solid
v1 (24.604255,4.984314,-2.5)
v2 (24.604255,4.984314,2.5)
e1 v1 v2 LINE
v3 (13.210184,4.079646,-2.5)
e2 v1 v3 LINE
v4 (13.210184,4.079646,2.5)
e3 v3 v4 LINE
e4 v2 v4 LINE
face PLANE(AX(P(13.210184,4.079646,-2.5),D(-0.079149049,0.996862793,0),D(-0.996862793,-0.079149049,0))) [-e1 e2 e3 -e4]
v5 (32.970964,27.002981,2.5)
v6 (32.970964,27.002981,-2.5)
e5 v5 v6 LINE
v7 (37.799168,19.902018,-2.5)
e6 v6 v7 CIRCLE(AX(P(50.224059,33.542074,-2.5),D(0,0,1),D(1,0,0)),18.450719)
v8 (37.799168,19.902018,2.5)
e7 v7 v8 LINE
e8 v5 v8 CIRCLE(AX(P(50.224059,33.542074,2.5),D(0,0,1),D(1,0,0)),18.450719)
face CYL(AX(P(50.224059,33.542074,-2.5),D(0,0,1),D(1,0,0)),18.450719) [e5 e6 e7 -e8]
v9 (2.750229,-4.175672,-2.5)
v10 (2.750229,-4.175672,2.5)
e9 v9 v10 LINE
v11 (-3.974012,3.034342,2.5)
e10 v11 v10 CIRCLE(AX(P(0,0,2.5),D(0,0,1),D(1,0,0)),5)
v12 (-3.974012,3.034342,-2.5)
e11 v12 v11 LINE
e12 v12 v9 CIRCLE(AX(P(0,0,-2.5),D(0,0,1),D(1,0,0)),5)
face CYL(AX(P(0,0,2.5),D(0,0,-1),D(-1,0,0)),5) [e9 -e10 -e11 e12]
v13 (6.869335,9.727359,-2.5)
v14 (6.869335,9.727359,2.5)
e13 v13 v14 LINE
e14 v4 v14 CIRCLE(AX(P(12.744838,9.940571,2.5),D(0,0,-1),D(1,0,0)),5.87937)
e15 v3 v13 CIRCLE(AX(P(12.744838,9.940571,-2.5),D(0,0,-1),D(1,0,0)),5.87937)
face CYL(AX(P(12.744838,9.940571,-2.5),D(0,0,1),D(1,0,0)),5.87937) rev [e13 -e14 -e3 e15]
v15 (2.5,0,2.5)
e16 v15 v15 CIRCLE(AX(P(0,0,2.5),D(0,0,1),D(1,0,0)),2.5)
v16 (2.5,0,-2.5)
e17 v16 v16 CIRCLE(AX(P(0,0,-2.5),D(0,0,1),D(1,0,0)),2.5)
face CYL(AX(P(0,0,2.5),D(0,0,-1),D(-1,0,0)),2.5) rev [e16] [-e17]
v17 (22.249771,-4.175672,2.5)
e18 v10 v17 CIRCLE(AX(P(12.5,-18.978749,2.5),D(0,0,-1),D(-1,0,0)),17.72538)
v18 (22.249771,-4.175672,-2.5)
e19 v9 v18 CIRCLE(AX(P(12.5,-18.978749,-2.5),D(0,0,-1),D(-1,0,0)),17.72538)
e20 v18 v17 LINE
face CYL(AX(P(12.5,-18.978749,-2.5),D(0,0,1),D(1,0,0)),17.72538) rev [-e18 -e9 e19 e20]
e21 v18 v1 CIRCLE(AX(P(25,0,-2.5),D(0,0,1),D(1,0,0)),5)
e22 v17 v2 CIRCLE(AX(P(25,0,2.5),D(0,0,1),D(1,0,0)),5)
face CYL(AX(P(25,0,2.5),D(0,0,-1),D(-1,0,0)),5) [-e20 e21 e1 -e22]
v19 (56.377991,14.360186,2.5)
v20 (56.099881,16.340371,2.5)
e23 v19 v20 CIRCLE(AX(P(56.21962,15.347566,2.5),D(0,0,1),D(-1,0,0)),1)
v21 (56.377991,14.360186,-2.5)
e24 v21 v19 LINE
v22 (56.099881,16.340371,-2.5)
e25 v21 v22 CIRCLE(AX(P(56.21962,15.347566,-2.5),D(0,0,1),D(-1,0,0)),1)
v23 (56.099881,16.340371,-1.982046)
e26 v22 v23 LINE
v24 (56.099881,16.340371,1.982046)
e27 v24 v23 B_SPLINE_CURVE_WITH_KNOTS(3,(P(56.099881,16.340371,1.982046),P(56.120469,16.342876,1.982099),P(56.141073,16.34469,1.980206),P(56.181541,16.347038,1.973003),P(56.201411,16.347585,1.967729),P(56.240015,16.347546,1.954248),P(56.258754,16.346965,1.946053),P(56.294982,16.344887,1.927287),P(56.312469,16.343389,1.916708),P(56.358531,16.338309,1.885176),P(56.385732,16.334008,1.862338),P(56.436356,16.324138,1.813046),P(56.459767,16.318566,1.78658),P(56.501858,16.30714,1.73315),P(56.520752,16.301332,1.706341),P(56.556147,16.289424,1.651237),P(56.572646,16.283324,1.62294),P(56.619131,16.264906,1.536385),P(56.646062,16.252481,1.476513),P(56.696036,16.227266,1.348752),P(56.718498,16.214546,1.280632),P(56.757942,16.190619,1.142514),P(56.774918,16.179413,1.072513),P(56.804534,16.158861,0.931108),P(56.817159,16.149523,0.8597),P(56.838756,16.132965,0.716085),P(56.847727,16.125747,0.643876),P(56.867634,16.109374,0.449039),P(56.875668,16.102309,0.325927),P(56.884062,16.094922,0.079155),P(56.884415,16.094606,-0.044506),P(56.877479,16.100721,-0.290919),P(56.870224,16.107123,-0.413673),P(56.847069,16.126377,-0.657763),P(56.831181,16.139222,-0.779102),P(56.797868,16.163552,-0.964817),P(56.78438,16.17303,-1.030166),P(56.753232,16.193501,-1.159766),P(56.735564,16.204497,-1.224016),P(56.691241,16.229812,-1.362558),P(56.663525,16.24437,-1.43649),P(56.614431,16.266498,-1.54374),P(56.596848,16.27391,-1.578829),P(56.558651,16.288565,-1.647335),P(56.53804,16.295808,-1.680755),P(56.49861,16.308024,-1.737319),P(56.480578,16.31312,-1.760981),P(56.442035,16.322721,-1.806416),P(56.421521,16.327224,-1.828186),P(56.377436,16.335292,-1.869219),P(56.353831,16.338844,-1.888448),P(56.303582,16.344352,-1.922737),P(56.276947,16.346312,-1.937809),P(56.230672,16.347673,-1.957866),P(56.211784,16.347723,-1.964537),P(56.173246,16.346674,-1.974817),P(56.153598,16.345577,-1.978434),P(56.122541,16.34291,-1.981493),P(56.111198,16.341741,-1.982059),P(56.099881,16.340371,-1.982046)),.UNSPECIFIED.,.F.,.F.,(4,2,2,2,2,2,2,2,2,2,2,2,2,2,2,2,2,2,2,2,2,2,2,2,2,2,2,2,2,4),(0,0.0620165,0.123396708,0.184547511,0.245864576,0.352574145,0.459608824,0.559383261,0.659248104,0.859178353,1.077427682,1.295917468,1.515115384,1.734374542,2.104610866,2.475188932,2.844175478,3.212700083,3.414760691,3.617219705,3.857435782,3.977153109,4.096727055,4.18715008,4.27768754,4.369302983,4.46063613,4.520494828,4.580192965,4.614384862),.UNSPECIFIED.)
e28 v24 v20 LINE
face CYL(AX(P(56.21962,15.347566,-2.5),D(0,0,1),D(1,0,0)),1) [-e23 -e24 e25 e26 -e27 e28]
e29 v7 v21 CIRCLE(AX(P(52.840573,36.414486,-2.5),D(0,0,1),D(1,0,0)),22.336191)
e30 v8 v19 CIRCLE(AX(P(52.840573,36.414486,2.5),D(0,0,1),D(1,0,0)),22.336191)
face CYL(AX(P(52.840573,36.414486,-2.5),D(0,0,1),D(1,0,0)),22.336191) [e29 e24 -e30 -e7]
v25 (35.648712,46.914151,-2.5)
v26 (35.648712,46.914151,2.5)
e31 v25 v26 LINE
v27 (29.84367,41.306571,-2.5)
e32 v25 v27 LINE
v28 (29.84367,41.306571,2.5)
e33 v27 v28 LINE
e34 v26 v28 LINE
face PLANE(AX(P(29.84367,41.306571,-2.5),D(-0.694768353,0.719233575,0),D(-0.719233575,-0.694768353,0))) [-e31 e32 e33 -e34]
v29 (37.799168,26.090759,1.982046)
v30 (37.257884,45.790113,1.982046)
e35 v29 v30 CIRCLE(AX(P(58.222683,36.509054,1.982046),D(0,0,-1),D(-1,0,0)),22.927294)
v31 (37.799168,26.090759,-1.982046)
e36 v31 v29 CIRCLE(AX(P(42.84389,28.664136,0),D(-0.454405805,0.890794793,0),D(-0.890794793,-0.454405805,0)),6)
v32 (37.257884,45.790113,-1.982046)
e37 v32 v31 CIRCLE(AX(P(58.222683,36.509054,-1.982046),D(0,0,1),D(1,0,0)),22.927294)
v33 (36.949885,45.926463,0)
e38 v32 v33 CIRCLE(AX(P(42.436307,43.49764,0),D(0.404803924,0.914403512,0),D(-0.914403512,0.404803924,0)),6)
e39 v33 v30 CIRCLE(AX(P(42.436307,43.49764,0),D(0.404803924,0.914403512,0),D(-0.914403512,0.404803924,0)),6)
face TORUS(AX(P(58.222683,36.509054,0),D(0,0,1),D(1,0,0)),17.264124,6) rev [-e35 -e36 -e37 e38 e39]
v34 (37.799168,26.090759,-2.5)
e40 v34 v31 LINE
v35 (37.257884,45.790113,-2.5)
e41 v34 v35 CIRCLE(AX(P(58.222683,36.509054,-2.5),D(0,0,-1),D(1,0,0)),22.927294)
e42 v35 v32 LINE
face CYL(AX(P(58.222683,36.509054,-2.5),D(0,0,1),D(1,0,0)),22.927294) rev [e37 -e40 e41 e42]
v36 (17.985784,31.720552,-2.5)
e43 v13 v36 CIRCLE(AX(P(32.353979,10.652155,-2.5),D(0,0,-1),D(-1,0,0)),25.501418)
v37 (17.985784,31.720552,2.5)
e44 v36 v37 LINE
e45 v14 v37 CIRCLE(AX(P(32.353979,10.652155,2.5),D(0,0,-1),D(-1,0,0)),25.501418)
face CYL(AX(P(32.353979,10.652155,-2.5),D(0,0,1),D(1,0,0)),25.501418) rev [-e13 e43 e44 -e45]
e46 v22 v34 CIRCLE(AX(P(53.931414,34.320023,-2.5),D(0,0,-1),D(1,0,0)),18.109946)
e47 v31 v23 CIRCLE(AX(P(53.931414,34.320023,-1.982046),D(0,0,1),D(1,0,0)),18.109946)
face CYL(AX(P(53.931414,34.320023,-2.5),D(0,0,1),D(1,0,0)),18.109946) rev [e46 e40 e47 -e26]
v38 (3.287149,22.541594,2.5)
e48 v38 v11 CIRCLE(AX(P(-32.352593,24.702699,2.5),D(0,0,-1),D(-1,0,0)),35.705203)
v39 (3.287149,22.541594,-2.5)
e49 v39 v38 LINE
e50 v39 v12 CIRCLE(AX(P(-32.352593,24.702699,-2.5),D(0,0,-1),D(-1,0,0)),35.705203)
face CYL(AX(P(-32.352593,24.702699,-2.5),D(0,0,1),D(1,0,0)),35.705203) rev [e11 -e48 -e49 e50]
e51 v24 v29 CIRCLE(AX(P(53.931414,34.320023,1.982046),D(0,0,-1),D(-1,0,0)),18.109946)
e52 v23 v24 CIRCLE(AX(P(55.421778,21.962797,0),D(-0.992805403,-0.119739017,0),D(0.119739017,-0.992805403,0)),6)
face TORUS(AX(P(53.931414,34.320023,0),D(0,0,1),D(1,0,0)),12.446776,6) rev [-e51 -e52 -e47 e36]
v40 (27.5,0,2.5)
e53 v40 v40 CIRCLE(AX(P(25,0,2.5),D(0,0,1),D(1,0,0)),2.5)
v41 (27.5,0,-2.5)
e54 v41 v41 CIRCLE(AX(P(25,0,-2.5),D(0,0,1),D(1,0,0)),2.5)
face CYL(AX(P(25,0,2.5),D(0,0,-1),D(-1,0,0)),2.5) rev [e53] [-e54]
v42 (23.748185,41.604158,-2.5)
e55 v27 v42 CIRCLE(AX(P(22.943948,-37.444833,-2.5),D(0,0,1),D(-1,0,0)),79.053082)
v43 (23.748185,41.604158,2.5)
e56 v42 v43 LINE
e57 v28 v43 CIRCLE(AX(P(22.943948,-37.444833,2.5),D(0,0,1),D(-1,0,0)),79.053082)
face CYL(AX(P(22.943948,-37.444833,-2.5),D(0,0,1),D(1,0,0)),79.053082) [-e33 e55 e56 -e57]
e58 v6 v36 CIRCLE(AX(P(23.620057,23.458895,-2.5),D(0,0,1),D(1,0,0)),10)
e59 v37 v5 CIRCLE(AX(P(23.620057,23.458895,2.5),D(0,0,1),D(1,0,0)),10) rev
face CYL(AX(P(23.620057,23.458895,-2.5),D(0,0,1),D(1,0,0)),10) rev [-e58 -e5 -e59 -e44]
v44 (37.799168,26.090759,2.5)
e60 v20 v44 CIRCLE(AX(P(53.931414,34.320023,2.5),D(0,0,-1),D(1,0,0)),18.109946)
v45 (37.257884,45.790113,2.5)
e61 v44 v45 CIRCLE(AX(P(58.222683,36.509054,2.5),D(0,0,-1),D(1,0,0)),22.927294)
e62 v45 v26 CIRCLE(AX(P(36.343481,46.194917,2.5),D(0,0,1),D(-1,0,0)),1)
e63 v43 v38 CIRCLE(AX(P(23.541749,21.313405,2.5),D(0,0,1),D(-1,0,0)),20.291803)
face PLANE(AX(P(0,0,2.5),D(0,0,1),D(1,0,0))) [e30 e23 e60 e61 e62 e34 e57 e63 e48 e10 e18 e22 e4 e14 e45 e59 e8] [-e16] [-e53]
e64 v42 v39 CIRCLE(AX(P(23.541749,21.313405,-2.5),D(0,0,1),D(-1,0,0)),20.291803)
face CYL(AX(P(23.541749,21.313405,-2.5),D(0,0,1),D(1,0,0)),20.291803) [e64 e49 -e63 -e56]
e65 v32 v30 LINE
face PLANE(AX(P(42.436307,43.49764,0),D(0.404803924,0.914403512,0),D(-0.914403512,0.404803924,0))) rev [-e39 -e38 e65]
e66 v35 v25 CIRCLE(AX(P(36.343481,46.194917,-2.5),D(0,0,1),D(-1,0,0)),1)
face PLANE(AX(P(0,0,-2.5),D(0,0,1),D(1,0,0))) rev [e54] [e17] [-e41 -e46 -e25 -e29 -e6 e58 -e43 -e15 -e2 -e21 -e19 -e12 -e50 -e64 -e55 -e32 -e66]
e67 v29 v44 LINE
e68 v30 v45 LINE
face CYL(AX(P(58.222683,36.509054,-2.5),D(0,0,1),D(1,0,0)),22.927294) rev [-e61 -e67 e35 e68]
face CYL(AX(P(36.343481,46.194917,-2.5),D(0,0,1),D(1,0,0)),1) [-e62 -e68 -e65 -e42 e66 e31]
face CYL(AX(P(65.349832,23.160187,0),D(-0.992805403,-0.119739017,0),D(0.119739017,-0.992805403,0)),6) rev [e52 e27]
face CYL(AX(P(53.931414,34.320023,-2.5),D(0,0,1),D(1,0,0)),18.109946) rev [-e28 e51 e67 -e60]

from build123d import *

# Parameters (mm, degrees)
SKETCH_1_R          = 2.5
EXTRUDE_1_DEPTH     = 2.5
SKETCH_2_OUTSIDE_W  = 86.761
SKETCH_2_OUTSIDE_H  = 89.395
CUT_EXTRUDE_1_DEPTH = 5
EXTRUDE_3_DEPTH     = 5
SKETCH_9_R          = 6
FILLET_1_R          = 10
CUT_EXTRUDE_2_DEPTH = 10


with BuildPart() as part:
    # 草圖1 → 填料-伸長1 (new body, symmetric)
    with BuildSketch(Plane.XY):
        with BuildLine():
            Line((0, -5), (25, -5))
            ThreePointArc((25, -5), (29.31444757, -2.526963033), (29.360979806, 2.445783133))
            Line((29.360979806, 2.445783133), (15.064071346, 27.938038866))
            Line((15.064071346, 27.938038866), (44.994741867, 27.938038866))
            Line((44.994741867, 27.938038866), (44.994741867, 63.392785695))
            Line((44.994741867, 63.392785695), (-20.763646925, 63.392785695))
            Line((-20.763646925, 63.392785695), (-20.763646925, 27.938038866))
            Line((-20.763646925, 27.938038866), (-1.414273127, 27.938038866))
            Line((-1.414273127, 27.938038866), (-4.9583743, 0.643835616))
            ThreePointArc((-4.9583743, 0.643835616), (-3.756273292, -3.300062266), (0, -5))
        make_face()
        with Locations((25, 0)):
            Circle(SKETCH_1_R, mode=Mode.SUBTRACT)
        Circle(SKETCH_1_R, mode=Mode.SUBTRACT)
    extrude(amount=EXTRUDE_1_DEPTH, both=True)

    # 草圖2 outside → 除料-伸長1 (cut)
    with BuildSketch(Plane.XY.offset(2.5)):
        with Locations((12.1155, 29.1965)):
            Rectangle(SKETCH_2_OUTSIDE_W, SKETCH_2_OUTSIDE_H)
        with BuildLine():
            Line((31.958651871, 36.150509371), (34.562055634, 40.749856019))
            ThreePointArc((34.562055634, 40.749856019), (29.16979084, 41.362709118), (23.748184909, 41.60415823))
            ThreePointArc((23.748184909, 41.60415823), (9.709628086, 36.160280684), (3.287148618, 22.5415936))
            ThreePointArc((3.287148618, 22.5415936), (1.109618969, 12.24710035), (-3.974011943, 3.034341622))
            ThreePointArc((-3.974011943, 3.034341622), (-3.656567639, -3.410207194), (2.750229007, -4.17567245))
            ThreePointArc((2.750229007, -4.17567245), (12.5, -1.253368592), (22.249770993, -4.17567245))
            ThreePointArc((22.249770993, -4.17567245), (29.842584669, -1.244738415), (24.604254755, 4.984313965))
            Line((24.604254755, 4.984313965), (13.210184283, 4.079645991))
            ThreePointArc((13.210184283, 4.079645991), (8.834388462, 5.55019775), (6.86933477, 9.727358931))
            ThreePointArc((6.86933477, 9.727358931), (13.861035744, 28.211579962), (31.958651871, 36.150509371))
        make_face(mode=Mode.SUBTRACT)
    extrude(amount=-CUT_EXTRUDE_1_DEPTH, mode=Mode.SUBTRACT)

    # 草圖6 → 填料-伸長3 (add)
    with BuildSketch(Plane.XY.offset(2.5)):
        with BuildLine():
            Line((29.843670315, 41.306571089), (35.648712263, 46.914150559))
            ThreePointArc((35.648712263, 46.914150559), (36.916127955, 47.014718803), (37.257884128, 45.79011306))
            ThreePointArc((37.257884128, 45.79011306), (35.304038414, 35.87931312), (37.799168171, 26.090758784))
            ThreePointArc((37.799168171, 26.090758784), (45.415881251, 18.337037181), (56.099880608, 16.340371315))
            ThreePointArc((56.099880608, 16.340371315), (57.209900526, 15.486647675), (56.377991211, 14.360186329))
            ThreePointArc((56.377991211, 14.360186329), (46.455950686, 15.010232793), (37.799168171, 19.902018262))
            ThreePointArc((37.799168171, 19.902018262), (32.860967015, 27.300914678), (31.958651871, 36.150509371))
            Line((31.958651871, 36.150509371), (34.562055634, 40.749856019))
            ThreePointArc((34.562055634, 40.749856019), (32.207046263, 41.063668613), (29.843670315, 41.306571089))
        make_face()
    extrude(amount=-EXTRUDE_3_DEPTH)

    # 除料-掃出3: sweep along a path in 草圖16
    with BuildLine(Plane.XY) as sweep_3_path:
        ThreePointArc((56.099880608, 16.340371315), (45.415881251, 18.337037181), (37.799168171, 26.090758784))
        ThreePointArc((37.799168171, 26.090758784), (35.304038414, 35.87931312), (37.257884128, 45.79011306))
    # 草圖9 → 除料-掃出3 (sweep, cut)
    with BuildSketch(Plane(origin=(37.257884128, 45.79011306, 2.5), x_dir=(0.914403512, -0.404803924, 0), z_dir=(0.404803924, 0.914403512, 0))):
        with Locations((5.663169824, 2.5)):
            Circle(SKETCH_9_R)
    sweep(path=sweep_3_path.line, mode=Mode.SUBTRACT)

    # 圓角1
    fillet_1_edges = [part.edges().sort_by_distance(p)[0] for p in [
        (31.958651871, 36.150509371, 0),
    ]]
    fillet(fillet_1_edges, radius=FILLET_1_R)

    # 草圖20 → 除料-伸長2 (cut)
    with BuildSketch(Plane(origin=(57.238055568, 6.903294961, 0), x_dir=(0, 0, 1), z_dir=(-0.992805403, -0.119739017, 0))):
        with BuildLine():
            Line((1.982046302, 9.505464342), (-1.982046302, 9.505464342))
            ThreePointArc((-1.982046302, 9.505464342), (-1.005231579, 9.25344106), (0, 9.168634166))
            ThreePointArc((0, 9.168634166), (1.005231579, 9.25344106), (1.982046302, 9.505464342))
        make_face()
    extrude(amount=-CUT_EXTRUDE_2_DEPTH, mode=Mode.SUBTRACT)


solid = part.part
